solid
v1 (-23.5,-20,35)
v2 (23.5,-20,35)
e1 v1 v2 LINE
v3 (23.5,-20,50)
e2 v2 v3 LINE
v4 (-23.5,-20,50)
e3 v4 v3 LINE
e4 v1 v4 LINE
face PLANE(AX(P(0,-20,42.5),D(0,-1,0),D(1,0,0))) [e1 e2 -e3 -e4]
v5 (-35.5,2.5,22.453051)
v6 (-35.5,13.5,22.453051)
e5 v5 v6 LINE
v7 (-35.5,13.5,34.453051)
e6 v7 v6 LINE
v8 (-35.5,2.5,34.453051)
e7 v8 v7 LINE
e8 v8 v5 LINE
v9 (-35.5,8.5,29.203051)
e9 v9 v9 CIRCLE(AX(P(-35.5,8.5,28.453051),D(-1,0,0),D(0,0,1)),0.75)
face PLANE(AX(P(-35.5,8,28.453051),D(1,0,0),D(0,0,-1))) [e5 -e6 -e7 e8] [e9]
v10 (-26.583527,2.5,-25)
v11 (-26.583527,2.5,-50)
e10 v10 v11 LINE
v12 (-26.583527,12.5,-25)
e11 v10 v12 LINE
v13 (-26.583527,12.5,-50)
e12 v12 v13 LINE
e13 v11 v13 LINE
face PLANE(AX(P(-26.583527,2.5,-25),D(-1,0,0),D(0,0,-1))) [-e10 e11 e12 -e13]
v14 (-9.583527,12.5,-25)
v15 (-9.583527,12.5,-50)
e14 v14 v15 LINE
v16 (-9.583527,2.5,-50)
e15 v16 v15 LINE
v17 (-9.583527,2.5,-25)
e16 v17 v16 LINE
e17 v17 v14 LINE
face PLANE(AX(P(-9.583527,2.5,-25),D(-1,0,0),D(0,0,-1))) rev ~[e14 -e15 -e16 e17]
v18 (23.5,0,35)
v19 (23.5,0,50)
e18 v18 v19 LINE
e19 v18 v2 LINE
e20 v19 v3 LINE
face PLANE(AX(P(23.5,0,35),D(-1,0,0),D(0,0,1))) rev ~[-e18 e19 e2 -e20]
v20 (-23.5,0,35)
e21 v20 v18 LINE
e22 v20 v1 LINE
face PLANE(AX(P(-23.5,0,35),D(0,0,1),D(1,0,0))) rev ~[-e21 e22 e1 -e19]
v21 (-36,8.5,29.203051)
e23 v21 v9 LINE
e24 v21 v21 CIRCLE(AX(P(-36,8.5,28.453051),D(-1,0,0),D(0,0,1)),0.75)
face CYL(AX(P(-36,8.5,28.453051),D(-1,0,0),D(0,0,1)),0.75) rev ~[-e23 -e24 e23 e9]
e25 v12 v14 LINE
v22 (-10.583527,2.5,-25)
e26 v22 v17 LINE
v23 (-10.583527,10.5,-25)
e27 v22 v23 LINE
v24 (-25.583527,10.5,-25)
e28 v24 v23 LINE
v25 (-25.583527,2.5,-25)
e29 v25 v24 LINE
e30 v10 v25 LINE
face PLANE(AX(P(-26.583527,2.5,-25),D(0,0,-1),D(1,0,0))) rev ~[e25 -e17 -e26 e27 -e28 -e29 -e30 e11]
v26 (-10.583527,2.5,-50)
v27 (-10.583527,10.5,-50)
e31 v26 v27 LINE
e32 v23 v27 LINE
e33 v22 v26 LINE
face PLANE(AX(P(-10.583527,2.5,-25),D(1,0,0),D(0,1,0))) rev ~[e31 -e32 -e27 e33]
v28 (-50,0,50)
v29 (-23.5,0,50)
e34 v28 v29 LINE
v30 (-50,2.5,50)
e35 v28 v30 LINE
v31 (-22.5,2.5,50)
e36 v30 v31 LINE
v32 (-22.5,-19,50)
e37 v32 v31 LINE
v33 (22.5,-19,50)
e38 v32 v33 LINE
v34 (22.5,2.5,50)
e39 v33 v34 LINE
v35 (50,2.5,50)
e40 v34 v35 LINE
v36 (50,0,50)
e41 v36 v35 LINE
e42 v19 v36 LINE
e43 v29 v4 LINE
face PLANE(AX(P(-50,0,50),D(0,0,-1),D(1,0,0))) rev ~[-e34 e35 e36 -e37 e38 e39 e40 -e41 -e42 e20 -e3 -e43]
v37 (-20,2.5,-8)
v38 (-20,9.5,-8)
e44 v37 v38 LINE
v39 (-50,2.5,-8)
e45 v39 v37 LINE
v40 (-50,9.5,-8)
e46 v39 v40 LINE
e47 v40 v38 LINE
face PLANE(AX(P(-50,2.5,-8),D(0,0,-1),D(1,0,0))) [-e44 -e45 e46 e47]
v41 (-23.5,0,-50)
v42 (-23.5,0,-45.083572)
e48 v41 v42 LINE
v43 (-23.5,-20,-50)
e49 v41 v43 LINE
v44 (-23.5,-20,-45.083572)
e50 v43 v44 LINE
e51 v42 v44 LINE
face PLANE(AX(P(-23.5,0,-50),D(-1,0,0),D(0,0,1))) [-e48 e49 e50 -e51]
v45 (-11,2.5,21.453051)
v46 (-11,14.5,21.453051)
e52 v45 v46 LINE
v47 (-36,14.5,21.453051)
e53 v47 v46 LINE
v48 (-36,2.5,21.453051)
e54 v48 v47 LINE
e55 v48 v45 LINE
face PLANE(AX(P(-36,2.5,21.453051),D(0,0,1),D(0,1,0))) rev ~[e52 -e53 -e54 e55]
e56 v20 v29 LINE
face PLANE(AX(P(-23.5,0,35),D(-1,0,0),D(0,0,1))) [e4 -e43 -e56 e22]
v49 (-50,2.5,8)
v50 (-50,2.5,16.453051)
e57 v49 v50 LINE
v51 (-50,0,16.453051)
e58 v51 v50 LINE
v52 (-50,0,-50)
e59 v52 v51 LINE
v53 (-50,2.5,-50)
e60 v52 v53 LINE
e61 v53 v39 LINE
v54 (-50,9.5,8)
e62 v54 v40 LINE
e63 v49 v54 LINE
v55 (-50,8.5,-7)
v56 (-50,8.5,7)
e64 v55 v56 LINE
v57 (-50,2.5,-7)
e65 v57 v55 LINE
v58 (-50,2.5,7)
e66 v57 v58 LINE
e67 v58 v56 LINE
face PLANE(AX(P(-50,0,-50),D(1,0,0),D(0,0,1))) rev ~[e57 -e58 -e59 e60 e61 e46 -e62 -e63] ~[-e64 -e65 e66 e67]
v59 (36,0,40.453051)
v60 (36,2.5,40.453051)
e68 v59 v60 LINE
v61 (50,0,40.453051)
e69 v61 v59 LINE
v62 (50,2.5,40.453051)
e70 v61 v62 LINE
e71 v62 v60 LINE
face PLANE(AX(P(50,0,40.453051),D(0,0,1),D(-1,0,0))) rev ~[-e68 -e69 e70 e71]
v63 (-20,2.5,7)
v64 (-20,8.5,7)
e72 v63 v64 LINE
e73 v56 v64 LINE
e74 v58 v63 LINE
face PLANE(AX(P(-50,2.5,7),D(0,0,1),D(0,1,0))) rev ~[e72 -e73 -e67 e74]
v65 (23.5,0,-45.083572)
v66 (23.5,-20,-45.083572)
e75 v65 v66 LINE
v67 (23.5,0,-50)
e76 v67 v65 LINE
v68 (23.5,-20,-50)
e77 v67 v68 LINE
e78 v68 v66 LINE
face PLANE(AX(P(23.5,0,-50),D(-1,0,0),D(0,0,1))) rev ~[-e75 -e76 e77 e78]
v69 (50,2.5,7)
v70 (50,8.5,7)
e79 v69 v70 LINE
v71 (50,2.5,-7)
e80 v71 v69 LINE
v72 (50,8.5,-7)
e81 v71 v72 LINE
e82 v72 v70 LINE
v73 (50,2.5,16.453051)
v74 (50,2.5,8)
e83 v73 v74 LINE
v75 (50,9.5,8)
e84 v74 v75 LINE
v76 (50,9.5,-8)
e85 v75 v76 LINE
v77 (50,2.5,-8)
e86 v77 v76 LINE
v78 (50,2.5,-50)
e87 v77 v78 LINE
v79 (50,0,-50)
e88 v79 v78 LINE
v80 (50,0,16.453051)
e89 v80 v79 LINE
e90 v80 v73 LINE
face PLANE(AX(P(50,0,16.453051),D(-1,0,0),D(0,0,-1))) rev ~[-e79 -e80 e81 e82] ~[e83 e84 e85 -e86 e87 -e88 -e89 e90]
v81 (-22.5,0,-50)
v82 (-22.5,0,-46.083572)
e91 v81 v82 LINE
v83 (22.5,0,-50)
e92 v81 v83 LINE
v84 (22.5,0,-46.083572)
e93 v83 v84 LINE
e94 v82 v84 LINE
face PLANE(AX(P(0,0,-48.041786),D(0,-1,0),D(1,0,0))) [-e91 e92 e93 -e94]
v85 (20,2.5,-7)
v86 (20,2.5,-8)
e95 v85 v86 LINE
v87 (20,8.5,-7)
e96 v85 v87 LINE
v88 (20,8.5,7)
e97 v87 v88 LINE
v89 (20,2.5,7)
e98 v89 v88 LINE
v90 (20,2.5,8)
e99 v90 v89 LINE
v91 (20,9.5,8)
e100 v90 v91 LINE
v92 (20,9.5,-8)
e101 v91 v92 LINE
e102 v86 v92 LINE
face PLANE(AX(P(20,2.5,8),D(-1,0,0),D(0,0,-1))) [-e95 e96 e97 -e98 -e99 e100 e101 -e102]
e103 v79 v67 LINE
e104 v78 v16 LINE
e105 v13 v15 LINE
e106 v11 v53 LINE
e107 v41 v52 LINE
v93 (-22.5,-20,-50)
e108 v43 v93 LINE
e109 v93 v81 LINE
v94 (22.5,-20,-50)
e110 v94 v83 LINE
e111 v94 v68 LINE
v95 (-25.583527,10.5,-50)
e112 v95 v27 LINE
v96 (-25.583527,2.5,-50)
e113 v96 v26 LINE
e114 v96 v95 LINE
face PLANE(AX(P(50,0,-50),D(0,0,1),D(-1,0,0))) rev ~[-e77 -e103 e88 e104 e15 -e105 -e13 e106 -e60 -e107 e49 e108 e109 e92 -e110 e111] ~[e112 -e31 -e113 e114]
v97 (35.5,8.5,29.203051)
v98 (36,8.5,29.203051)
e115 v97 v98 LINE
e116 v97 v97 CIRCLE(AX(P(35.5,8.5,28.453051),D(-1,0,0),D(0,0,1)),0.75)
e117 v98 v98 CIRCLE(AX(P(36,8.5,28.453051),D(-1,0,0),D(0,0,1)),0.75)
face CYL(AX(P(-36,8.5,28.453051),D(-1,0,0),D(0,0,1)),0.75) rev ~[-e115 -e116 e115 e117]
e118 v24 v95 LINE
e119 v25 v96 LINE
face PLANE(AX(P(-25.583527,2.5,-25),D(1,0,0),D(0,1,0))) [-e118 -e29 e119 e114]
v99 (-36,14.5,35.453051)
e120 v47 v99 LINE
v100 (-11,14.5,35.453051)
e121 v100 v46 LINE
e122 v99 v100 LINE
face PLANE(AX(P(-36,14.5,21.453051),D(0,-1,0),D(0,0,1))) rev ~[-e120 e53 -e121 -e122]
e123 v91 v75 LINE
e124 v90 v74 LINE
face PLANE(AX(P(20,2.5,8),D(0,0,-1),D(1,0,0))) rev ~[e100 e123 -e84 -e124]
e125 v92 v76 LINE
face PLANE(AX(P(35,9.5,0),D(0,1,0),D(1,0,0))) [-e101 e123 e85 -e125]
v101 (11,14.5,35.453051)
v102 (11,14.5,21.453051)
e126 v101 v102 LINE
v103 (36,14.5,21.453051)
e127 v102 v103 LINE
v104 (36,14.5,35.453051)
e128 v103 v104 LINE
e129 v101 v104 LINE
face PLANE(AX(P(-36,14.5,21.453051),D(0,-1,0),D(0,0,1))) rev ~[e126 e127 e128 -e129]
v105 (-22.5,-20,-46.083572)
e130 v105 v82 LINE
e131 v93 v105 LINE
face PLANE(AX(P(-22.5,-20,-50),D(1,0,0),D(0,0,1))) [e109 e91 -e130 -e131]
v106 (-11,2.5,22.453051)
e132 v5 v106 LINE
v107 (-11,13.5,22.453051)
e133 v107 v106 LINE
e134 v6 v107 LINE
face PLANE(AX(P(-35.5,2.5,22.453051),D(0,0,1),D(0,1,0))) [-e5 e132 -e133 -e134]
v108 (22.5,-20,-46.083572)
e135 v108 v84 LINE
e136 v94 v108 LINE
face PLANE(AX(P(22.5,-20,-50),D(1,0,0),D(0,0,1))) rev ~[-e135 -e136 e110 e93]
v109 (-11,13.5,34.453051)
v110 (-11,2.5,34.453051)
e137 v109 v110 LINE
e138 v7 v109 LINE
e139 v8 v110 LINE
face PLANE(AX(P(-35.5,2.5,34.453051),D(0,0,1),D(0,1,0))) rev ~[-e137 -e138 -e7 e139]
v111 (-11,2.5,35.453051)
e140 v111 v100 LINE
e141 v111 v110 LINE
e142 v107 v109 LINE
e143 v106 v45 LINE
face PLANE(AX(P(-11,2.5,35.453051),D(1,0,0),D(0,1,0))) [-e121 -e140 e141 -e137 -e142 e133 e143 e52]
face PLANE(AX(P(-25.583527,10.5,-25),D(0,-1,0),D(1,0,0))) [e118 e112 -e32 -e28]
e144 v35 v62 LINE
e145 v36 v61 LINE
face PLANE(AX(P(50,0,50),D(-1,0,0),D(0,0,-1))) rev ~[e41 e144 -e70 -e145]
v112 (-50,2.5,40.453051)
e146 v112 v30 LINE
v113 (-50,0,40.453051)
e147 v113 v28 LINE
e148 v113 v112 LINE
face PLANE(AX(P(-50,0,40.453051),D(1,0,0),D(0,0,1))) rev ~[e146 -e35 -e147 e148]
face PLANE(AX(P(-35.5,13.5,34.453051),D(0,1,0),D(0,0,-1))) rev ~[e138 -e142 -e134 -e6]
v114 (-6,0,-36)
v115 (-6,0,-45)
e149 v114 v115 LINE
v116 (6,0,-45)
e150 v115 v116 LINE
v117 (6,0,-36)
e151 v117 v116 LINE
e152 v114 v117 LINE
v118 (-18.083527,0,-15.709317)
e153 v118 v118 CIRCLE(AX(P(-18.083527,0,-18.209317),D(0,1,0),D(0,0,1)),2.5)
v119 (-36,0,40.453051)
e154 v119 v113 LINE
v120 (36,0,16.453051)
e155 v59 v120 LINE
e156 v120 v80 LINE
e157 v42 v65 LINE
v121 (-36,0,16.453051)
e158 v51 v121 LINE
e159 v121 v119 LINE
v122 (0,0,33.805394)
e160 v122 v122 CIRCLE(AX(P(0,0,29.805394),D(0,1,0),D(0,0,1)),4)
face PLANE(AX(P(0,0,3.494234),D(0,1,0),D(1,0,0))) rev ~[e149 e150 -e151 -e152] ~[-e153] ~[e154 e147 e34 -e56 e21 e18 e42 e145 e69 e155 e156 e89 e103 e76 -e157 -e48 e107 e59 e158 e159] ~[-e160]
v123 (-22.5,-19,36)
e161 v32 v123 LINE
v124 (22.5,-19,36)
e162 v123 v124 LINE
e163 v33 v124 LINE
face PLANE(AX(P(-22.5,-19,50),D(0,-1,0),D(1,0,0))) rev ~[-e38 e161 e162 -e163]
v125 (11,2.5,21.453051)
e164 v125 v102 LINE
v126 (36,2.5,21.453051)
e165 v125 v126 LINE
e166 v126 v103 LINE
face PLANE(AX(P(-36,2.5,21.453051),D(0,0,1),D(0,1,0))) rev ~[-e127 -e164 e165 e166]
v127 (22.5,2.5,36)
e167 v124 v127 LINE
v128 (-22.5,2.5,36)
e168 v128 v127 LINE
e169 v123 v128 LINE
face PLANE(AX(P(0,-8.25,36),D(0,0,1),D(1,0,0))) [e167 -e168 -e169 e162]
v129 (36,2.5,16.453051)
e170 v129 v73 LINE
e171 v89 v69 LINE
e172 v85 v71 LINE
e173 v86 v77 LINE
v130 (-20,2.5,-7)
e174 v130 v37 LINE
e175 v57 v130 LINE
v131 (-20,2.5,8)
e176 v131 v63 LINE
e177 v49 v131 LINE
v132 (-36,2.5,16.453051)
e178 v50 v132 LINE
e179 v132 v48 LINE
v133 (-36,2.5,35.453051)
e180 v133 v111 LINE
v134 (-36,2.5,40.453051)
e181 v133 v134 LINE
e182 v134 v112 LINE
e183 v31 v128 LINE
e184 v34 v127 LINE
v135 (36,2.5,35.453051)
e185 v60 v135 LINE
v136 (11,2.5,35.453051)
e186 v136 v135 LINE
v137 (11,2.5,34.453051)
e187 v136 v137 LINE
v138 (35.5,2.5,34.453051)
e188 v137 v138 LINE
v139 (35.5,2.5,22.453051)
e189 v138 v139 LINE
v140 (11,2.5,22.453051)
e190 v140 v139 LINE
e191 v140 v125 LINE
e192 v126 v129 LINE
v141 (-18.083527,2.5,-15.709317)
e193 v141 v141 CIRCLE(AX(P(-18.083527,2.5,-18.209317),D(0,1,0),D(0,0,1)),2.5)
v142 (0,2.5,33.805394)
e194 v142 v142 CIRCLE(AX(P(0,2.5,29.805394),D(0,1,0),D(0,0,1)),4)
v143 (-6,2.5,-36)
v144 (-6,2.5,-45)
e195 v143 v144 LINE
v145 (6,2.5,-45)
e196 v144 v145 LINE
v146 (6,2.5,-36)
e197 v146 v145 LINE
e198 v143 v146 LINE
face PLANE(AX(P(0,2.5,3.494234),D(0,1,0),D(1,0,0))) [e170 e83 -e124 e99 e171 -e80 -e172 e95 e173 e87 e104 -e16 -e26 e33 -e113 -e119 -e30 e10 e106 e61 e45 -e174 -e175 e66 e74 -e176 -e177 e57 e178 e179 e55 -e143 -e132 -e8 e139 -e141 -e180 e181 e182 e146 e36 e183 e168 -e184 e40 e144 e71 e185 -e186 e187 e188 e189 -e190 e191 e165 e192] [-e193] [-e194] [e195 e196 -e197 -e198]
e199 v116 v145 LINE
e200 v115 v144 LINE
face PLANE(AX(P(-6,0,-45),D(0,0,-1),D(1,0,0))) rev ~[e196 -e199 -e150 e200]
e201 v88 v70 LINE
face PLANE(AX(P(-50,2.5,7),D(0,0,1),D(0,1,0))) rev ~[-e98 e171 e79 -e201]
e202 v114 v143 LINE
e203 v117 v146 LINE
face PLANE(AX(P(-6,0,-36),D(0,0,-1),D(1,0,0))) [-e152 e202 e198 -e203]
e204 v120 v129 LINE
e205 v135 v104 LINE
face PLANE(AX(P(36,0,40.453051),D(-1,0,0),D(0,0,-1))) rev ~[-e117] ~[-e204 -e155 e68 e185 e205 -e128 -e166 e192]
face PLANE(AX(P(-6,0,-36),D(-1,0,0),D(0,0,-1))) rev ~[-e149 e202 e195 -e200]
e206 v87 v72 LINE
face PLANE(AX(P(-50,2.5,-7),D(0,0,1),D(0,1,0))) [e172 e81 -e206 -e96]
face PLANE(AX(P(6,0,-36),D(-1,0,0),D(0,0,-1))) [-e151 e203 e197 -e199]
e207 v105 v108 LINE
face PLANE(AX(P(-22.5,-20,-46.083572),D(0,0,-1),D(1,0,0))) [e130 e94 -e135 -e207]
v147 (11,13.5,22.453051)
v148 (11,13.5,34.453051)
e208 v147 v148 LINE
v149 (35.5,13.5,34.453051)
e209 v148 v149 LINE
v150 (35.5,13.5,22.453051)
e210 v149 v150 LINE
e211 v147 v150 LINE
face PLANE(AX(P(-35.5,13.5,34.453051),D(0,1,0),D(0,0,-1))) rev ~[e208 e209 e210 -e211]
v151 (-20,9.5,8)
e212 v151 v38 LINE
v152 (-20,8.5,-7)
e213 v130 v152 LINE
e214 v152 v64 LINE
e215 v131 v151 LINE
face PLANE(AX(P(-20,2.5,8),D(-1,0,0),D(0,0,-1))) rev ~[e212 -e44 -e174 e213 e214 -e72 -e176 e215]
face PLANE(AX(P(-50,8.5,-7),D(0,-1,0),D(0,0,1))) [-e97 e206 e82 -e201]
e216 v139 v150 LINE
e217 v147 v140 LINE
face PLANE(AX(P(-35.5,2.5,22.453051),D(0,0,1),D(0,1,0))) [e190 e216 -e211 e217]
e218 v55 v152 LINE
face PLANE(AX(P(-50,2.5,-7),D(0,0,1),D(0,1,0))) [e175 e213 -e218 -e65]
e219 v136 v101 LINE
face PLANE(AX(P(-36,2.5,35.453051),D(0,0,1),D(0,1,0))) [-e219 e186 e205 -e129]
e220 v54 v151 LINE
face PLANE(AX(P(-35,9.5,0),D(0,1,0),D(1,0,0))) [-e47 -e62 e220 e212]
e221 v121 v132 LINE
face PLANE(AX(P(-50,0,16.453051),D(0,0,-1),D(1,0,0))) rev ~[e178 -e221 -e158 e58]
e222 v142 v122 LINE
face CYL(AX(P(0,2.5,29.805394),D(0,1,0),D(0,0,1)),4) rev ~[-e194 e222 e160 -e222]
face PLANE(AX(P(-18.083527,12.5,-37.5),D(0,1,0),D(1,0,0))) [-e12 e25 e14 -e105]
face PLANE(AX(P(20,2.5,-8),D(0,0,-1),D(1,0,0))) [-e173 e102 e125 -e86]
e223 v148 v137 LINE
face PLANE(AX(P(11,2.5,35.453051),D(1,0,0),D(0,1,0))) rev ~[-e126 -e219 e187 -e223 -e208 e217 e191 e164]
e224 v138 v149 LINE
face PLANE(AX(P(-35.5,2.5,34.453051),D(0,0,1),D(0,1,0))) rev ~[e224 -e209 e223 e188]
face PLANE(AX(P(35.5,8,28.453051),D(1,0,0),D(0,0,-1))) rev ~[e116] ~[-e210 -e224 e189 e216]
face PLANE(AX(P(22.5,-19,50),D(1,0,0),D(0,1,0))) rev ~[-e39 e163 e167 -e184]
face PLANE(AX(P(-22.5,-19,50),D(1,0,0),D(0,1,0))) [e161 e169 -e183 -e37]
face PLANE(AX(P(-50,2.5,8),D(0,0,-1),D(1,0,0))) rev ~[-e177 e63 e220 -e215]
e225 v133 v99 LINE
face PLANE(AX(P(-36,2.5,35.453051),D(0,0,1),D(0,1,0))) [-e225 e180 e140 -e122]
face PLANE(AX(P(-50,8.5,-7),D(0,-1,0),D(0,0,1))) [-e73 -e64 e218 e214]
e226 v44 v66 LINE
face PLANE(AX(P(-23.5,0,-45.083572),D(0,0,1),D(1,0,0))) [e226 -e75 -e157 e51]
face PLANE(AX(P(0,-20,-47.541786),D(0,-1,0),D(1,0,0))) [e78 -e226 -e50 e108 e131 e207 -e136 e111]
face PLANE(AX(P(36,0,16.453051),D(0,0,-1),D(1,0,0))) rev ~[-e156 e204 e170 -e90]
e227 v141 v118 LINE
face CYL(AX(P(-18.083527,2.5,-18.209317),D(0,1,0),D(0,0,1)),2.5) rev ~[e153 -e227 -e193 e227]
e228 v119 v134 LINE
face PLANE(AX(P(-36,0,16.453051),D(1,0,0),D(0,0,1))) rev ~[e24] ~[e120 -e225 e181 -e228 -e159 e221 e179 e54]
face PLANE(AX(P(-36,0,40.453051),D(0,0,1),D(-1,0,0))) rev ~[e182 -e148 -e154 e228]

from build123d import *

# Parameters (mm, degrees)
SKETCH1_W                = 12
SKETCH1_H                = 9
BOSS_EXTRUDE1_DEPTH      = 2.5
SKETCH2_W                = 17
SKETCH2_H                = 25
BOSS_EXTRUDE2_DEPTH      = 10
SKETCH4_W                = 15
SKETCH4_H                = 8
CUT_EXTRUDE1_DEPTH       = 42
SKETCH7_W                = 14
SKETCH7_H                = 12
BOSS_EXTRUDE3_DEPTH      = 72
SKETCH8_R                = 0.75
CUT_EXTRUDE2_DEPTH       = 72
SKETCH9_W                = 22
SKETCH9_H                = 12
CUT_EXTRUDE3_DEPTH       = 37
SKETCH5_R                = 2.5
CUT_EXTRUDE6_DEPTH       = 23.5
SKETCH12_W               = 47
SKETCH12_H               = 15
BOSS_EXTRUDE4_DEPTH      = 20
SKETCH13_W               = 45
SKETCH13_H               = 21.5
CUT_EXTRUDE7_DEPTH       = 14
SKETCH14_W               = 47
SKETCH14_H               = 4.916428424
BOSS_EXTRUDE5_DEPTH      = 20
SKETCH15_W               = 45
SKETCH15_H               = 3.916428424
CUT_EXTRUDE8_DEPTH       = 20
SKETCH16_W               = 30
SKETCH16_H               = 16
BOSS_EXTRUDE6_DEPTH      = 7
SKETCH17_W               = 14
SKETCH17_H               = 6
CUT_EXTRUDE9_DEPTH       = 100
CUT_EXTRUDE10_DEPTH      = 46.5
CUT_EXTRUDE10_DEPTH_BACK = 24.5
SKETCH19_W               = 12
SKETCH19_H               = 11
SKETCH21_R               = 4
CUT_EXTRUDE11_DEPTH      = 24.5


with BuildPart() as part:
    # Sketch1 → Boss-Extrude1 (new body)
    with BuildSketch(Plane(origin=(0, 0, 0), x_dir=(1, 0, 0), z_dir=(0, 1, 0))):
        Polygon((-50, -40.45305067), (-50, -50), (50, -50), (50, -40.45305067), (36, -40.45305067), (36, -16.45305067), (50, -16.45305067), (50, 50), (-50, 50), (-50, -16.45305067), (-36, -16.45305067), (-36, -40.45305067), align=None)
        with Locations((0, 40.5)):
            Rectangle(SKETCH1_W, SKETCH1_H, mode=Mode.SUBTRACT)
    extrude(amount=BOSS_EXTRUDE1_DEPTH)

    # Sketch2 → Boss-Extrude2 (add)
    with BuildSketch(Plane(origin=(0, 2.5, 0), x_dir=(1, 0, 0), z_dir=(0, 1, 0))):
        with Locations((-18.083526834, 37.5)):
            Rectangle(SKETCH2_W, SKETCH2_H)
    extrude(amount=BOSS_EXTRUDE2_DEPTH)

    # Sketch4 → Cut-Extrude1 (cut)
    with BuildSketch(Plane.XY.offset(-25)):
        with Locations((-18.083526834, 6.5)):
            Rectangle(SKETCH4_W, SKETCH4_H)
    extrude(amount=-CUT_EXTRUDE1_DEPTH, mode=Mode.SUBTRACT)

    # Sketch7 → Boss-Extrude3 (add)
    with BuildSketch(Plane.ZY.offset(36)):
        with Locations((28.45305067, 8.5)):
            Rectangle(SKETCH7_W, SKETCH7_H)
    extrude(amount=-BOSS_EXTRUDE3_DEPTH)

    # Sketch8 → Cut-Extrude2 (cut)
    with BuildSketch(Plane.ZY.offset(36)):
        with Locations((28.45305067, 8.5)):
            Circle(SKETCH8_R)
    extrude(amount=-CUT_EXTRUDE2_DEPTH, mode=Mode.SUBTRACT)

    # Sketch9 → Cut-Extrude3 (cut)
    with BuildSketch(Plane.XY.offset(35.45305067)):
        with Locations((0, 8.5)):
            Rectangle(SKETCH9_W, SKETCH9_H)
    extrude(amount=-CUT_EXTRUDE3_DEPTH, mode=Mode.SUBTRACT)

    # Sketch5 → Cut-Extrude6 (cut)
    with BuildSketch(Plane(origin=(0, 2.5, 0), x_dir=(1, 0, 0), z_dir=(0, 1, 0))):
        with Locations(Location((-18.083526834, 18.209316503, 0), (0, 0, 270))):
            Circle(SKETCH5_R)
    extrude(amount=-CUT_EXTRUDE6_DEPTH, mode=Mode.SUBTRACT)

    # Sketch12 → Boss-Extrude4 (add)
    with BuildSketch(Plane.XZ):
        with Locations((0, 42.5)):
            Rectangle(SKETCH12_W, SKETCH12_H)
    extrude(amount=BOSS_EXTRUDE4_DEPTH)

    # Sketch13 → Cut-Extrude7 (cut)
    with BuildSketch(Plane.XY.offset(50)):
        with Locations((0, -8.25)):
            Rectangle(SKETCH13_W, SKETCH13_H)
    extrude(amount=-CUT_EXTRUDE7_DEPTH, mode=Mode.SUBTRACT)

    # Sketch14 → Boss-Extrude5 (add)
    with BuildSketch(Plane.XZ):
        with Locations((0, -47.541785788)):
            Rectangle(SKETCH14_W, SKETCH14_H)
    extrude(amount=BOSS_EXTRUDE5_DEPTH)

    # Sketch15 → Cut-Extrude8 (cut)
    with BuildSketch(Plane.XZ.offset(20)):
        with Locations((0, -48.041785788)):
            Rectangle(SKETCH15_W, SKETCH15_H)
    extrude(amount=-CUT_EXTRUDE8_DEPTH, mode=Mode.SUBTRACT)

    # Sketch16 → Boss-Extrude6 (add)
    with BuildSketch(Plane(origin=(0, 2.5, 0), x_dir=(1, 0, 0), z_dir=(0, 1, 0))):
        with Locations((-35, 0)):
            Rectangle(SKETCH16_W, SKETCH16_H)
        with Locations((35, 0)):
            Rectangle(SKETCH16_W, SKETCH16_H)
    extrude(amount=BOSS_EXTRUDE6_DEPTH)

    # Sketch17 → Cut-Extrude9 (cut)
    with BuildSketch(Plane.ZY.offset(50)):
        with Locations((0, 5.5)):
            Rectangle(SKETCH17_W, SKETCH17_H)
    extrude(amount=-CUT_EXTRUDE9_DEPTH, mode=Mode.SUBTRACT)

    # Sketch19 → Cut-Extrude10 (cut, two sides: drawn at the far end of the back side and taken through both)
    with BuildSketch(Plane(origin=(-11, 0, 0), x_dir=(0, 0, -1), z_dir=(1, 0, 0)).offset(-CUT_EXTRUDE10_DEPTH_BACK)):
        with Locations((-28.45305067, 8)):
            Rectangle(SKETCH19_W, SKETCH19_H)
    extrude(amount=CUT_EXTRUDE10_DEPTH + CUT_EXTRUDE10_DEPTH_BACK, mode=Mode.SUBTRACT)

    # Sketch21 → Cut-Extrude11 (cut)
    with BuildSketch(Plane(origin=(0, 2.5, 0), x_dir=(1, 0, 0), z_dir=(0, 1, 0))):
        with Locations(Location((0, -29.805394333, 0), (0, 0, 270))):
            Circle(SKETCH21_R)
    extrude(amount=-CUT_EXTRUDE11_DEPTH, mode=Mode.SUBTRACT)


solid = part.part
